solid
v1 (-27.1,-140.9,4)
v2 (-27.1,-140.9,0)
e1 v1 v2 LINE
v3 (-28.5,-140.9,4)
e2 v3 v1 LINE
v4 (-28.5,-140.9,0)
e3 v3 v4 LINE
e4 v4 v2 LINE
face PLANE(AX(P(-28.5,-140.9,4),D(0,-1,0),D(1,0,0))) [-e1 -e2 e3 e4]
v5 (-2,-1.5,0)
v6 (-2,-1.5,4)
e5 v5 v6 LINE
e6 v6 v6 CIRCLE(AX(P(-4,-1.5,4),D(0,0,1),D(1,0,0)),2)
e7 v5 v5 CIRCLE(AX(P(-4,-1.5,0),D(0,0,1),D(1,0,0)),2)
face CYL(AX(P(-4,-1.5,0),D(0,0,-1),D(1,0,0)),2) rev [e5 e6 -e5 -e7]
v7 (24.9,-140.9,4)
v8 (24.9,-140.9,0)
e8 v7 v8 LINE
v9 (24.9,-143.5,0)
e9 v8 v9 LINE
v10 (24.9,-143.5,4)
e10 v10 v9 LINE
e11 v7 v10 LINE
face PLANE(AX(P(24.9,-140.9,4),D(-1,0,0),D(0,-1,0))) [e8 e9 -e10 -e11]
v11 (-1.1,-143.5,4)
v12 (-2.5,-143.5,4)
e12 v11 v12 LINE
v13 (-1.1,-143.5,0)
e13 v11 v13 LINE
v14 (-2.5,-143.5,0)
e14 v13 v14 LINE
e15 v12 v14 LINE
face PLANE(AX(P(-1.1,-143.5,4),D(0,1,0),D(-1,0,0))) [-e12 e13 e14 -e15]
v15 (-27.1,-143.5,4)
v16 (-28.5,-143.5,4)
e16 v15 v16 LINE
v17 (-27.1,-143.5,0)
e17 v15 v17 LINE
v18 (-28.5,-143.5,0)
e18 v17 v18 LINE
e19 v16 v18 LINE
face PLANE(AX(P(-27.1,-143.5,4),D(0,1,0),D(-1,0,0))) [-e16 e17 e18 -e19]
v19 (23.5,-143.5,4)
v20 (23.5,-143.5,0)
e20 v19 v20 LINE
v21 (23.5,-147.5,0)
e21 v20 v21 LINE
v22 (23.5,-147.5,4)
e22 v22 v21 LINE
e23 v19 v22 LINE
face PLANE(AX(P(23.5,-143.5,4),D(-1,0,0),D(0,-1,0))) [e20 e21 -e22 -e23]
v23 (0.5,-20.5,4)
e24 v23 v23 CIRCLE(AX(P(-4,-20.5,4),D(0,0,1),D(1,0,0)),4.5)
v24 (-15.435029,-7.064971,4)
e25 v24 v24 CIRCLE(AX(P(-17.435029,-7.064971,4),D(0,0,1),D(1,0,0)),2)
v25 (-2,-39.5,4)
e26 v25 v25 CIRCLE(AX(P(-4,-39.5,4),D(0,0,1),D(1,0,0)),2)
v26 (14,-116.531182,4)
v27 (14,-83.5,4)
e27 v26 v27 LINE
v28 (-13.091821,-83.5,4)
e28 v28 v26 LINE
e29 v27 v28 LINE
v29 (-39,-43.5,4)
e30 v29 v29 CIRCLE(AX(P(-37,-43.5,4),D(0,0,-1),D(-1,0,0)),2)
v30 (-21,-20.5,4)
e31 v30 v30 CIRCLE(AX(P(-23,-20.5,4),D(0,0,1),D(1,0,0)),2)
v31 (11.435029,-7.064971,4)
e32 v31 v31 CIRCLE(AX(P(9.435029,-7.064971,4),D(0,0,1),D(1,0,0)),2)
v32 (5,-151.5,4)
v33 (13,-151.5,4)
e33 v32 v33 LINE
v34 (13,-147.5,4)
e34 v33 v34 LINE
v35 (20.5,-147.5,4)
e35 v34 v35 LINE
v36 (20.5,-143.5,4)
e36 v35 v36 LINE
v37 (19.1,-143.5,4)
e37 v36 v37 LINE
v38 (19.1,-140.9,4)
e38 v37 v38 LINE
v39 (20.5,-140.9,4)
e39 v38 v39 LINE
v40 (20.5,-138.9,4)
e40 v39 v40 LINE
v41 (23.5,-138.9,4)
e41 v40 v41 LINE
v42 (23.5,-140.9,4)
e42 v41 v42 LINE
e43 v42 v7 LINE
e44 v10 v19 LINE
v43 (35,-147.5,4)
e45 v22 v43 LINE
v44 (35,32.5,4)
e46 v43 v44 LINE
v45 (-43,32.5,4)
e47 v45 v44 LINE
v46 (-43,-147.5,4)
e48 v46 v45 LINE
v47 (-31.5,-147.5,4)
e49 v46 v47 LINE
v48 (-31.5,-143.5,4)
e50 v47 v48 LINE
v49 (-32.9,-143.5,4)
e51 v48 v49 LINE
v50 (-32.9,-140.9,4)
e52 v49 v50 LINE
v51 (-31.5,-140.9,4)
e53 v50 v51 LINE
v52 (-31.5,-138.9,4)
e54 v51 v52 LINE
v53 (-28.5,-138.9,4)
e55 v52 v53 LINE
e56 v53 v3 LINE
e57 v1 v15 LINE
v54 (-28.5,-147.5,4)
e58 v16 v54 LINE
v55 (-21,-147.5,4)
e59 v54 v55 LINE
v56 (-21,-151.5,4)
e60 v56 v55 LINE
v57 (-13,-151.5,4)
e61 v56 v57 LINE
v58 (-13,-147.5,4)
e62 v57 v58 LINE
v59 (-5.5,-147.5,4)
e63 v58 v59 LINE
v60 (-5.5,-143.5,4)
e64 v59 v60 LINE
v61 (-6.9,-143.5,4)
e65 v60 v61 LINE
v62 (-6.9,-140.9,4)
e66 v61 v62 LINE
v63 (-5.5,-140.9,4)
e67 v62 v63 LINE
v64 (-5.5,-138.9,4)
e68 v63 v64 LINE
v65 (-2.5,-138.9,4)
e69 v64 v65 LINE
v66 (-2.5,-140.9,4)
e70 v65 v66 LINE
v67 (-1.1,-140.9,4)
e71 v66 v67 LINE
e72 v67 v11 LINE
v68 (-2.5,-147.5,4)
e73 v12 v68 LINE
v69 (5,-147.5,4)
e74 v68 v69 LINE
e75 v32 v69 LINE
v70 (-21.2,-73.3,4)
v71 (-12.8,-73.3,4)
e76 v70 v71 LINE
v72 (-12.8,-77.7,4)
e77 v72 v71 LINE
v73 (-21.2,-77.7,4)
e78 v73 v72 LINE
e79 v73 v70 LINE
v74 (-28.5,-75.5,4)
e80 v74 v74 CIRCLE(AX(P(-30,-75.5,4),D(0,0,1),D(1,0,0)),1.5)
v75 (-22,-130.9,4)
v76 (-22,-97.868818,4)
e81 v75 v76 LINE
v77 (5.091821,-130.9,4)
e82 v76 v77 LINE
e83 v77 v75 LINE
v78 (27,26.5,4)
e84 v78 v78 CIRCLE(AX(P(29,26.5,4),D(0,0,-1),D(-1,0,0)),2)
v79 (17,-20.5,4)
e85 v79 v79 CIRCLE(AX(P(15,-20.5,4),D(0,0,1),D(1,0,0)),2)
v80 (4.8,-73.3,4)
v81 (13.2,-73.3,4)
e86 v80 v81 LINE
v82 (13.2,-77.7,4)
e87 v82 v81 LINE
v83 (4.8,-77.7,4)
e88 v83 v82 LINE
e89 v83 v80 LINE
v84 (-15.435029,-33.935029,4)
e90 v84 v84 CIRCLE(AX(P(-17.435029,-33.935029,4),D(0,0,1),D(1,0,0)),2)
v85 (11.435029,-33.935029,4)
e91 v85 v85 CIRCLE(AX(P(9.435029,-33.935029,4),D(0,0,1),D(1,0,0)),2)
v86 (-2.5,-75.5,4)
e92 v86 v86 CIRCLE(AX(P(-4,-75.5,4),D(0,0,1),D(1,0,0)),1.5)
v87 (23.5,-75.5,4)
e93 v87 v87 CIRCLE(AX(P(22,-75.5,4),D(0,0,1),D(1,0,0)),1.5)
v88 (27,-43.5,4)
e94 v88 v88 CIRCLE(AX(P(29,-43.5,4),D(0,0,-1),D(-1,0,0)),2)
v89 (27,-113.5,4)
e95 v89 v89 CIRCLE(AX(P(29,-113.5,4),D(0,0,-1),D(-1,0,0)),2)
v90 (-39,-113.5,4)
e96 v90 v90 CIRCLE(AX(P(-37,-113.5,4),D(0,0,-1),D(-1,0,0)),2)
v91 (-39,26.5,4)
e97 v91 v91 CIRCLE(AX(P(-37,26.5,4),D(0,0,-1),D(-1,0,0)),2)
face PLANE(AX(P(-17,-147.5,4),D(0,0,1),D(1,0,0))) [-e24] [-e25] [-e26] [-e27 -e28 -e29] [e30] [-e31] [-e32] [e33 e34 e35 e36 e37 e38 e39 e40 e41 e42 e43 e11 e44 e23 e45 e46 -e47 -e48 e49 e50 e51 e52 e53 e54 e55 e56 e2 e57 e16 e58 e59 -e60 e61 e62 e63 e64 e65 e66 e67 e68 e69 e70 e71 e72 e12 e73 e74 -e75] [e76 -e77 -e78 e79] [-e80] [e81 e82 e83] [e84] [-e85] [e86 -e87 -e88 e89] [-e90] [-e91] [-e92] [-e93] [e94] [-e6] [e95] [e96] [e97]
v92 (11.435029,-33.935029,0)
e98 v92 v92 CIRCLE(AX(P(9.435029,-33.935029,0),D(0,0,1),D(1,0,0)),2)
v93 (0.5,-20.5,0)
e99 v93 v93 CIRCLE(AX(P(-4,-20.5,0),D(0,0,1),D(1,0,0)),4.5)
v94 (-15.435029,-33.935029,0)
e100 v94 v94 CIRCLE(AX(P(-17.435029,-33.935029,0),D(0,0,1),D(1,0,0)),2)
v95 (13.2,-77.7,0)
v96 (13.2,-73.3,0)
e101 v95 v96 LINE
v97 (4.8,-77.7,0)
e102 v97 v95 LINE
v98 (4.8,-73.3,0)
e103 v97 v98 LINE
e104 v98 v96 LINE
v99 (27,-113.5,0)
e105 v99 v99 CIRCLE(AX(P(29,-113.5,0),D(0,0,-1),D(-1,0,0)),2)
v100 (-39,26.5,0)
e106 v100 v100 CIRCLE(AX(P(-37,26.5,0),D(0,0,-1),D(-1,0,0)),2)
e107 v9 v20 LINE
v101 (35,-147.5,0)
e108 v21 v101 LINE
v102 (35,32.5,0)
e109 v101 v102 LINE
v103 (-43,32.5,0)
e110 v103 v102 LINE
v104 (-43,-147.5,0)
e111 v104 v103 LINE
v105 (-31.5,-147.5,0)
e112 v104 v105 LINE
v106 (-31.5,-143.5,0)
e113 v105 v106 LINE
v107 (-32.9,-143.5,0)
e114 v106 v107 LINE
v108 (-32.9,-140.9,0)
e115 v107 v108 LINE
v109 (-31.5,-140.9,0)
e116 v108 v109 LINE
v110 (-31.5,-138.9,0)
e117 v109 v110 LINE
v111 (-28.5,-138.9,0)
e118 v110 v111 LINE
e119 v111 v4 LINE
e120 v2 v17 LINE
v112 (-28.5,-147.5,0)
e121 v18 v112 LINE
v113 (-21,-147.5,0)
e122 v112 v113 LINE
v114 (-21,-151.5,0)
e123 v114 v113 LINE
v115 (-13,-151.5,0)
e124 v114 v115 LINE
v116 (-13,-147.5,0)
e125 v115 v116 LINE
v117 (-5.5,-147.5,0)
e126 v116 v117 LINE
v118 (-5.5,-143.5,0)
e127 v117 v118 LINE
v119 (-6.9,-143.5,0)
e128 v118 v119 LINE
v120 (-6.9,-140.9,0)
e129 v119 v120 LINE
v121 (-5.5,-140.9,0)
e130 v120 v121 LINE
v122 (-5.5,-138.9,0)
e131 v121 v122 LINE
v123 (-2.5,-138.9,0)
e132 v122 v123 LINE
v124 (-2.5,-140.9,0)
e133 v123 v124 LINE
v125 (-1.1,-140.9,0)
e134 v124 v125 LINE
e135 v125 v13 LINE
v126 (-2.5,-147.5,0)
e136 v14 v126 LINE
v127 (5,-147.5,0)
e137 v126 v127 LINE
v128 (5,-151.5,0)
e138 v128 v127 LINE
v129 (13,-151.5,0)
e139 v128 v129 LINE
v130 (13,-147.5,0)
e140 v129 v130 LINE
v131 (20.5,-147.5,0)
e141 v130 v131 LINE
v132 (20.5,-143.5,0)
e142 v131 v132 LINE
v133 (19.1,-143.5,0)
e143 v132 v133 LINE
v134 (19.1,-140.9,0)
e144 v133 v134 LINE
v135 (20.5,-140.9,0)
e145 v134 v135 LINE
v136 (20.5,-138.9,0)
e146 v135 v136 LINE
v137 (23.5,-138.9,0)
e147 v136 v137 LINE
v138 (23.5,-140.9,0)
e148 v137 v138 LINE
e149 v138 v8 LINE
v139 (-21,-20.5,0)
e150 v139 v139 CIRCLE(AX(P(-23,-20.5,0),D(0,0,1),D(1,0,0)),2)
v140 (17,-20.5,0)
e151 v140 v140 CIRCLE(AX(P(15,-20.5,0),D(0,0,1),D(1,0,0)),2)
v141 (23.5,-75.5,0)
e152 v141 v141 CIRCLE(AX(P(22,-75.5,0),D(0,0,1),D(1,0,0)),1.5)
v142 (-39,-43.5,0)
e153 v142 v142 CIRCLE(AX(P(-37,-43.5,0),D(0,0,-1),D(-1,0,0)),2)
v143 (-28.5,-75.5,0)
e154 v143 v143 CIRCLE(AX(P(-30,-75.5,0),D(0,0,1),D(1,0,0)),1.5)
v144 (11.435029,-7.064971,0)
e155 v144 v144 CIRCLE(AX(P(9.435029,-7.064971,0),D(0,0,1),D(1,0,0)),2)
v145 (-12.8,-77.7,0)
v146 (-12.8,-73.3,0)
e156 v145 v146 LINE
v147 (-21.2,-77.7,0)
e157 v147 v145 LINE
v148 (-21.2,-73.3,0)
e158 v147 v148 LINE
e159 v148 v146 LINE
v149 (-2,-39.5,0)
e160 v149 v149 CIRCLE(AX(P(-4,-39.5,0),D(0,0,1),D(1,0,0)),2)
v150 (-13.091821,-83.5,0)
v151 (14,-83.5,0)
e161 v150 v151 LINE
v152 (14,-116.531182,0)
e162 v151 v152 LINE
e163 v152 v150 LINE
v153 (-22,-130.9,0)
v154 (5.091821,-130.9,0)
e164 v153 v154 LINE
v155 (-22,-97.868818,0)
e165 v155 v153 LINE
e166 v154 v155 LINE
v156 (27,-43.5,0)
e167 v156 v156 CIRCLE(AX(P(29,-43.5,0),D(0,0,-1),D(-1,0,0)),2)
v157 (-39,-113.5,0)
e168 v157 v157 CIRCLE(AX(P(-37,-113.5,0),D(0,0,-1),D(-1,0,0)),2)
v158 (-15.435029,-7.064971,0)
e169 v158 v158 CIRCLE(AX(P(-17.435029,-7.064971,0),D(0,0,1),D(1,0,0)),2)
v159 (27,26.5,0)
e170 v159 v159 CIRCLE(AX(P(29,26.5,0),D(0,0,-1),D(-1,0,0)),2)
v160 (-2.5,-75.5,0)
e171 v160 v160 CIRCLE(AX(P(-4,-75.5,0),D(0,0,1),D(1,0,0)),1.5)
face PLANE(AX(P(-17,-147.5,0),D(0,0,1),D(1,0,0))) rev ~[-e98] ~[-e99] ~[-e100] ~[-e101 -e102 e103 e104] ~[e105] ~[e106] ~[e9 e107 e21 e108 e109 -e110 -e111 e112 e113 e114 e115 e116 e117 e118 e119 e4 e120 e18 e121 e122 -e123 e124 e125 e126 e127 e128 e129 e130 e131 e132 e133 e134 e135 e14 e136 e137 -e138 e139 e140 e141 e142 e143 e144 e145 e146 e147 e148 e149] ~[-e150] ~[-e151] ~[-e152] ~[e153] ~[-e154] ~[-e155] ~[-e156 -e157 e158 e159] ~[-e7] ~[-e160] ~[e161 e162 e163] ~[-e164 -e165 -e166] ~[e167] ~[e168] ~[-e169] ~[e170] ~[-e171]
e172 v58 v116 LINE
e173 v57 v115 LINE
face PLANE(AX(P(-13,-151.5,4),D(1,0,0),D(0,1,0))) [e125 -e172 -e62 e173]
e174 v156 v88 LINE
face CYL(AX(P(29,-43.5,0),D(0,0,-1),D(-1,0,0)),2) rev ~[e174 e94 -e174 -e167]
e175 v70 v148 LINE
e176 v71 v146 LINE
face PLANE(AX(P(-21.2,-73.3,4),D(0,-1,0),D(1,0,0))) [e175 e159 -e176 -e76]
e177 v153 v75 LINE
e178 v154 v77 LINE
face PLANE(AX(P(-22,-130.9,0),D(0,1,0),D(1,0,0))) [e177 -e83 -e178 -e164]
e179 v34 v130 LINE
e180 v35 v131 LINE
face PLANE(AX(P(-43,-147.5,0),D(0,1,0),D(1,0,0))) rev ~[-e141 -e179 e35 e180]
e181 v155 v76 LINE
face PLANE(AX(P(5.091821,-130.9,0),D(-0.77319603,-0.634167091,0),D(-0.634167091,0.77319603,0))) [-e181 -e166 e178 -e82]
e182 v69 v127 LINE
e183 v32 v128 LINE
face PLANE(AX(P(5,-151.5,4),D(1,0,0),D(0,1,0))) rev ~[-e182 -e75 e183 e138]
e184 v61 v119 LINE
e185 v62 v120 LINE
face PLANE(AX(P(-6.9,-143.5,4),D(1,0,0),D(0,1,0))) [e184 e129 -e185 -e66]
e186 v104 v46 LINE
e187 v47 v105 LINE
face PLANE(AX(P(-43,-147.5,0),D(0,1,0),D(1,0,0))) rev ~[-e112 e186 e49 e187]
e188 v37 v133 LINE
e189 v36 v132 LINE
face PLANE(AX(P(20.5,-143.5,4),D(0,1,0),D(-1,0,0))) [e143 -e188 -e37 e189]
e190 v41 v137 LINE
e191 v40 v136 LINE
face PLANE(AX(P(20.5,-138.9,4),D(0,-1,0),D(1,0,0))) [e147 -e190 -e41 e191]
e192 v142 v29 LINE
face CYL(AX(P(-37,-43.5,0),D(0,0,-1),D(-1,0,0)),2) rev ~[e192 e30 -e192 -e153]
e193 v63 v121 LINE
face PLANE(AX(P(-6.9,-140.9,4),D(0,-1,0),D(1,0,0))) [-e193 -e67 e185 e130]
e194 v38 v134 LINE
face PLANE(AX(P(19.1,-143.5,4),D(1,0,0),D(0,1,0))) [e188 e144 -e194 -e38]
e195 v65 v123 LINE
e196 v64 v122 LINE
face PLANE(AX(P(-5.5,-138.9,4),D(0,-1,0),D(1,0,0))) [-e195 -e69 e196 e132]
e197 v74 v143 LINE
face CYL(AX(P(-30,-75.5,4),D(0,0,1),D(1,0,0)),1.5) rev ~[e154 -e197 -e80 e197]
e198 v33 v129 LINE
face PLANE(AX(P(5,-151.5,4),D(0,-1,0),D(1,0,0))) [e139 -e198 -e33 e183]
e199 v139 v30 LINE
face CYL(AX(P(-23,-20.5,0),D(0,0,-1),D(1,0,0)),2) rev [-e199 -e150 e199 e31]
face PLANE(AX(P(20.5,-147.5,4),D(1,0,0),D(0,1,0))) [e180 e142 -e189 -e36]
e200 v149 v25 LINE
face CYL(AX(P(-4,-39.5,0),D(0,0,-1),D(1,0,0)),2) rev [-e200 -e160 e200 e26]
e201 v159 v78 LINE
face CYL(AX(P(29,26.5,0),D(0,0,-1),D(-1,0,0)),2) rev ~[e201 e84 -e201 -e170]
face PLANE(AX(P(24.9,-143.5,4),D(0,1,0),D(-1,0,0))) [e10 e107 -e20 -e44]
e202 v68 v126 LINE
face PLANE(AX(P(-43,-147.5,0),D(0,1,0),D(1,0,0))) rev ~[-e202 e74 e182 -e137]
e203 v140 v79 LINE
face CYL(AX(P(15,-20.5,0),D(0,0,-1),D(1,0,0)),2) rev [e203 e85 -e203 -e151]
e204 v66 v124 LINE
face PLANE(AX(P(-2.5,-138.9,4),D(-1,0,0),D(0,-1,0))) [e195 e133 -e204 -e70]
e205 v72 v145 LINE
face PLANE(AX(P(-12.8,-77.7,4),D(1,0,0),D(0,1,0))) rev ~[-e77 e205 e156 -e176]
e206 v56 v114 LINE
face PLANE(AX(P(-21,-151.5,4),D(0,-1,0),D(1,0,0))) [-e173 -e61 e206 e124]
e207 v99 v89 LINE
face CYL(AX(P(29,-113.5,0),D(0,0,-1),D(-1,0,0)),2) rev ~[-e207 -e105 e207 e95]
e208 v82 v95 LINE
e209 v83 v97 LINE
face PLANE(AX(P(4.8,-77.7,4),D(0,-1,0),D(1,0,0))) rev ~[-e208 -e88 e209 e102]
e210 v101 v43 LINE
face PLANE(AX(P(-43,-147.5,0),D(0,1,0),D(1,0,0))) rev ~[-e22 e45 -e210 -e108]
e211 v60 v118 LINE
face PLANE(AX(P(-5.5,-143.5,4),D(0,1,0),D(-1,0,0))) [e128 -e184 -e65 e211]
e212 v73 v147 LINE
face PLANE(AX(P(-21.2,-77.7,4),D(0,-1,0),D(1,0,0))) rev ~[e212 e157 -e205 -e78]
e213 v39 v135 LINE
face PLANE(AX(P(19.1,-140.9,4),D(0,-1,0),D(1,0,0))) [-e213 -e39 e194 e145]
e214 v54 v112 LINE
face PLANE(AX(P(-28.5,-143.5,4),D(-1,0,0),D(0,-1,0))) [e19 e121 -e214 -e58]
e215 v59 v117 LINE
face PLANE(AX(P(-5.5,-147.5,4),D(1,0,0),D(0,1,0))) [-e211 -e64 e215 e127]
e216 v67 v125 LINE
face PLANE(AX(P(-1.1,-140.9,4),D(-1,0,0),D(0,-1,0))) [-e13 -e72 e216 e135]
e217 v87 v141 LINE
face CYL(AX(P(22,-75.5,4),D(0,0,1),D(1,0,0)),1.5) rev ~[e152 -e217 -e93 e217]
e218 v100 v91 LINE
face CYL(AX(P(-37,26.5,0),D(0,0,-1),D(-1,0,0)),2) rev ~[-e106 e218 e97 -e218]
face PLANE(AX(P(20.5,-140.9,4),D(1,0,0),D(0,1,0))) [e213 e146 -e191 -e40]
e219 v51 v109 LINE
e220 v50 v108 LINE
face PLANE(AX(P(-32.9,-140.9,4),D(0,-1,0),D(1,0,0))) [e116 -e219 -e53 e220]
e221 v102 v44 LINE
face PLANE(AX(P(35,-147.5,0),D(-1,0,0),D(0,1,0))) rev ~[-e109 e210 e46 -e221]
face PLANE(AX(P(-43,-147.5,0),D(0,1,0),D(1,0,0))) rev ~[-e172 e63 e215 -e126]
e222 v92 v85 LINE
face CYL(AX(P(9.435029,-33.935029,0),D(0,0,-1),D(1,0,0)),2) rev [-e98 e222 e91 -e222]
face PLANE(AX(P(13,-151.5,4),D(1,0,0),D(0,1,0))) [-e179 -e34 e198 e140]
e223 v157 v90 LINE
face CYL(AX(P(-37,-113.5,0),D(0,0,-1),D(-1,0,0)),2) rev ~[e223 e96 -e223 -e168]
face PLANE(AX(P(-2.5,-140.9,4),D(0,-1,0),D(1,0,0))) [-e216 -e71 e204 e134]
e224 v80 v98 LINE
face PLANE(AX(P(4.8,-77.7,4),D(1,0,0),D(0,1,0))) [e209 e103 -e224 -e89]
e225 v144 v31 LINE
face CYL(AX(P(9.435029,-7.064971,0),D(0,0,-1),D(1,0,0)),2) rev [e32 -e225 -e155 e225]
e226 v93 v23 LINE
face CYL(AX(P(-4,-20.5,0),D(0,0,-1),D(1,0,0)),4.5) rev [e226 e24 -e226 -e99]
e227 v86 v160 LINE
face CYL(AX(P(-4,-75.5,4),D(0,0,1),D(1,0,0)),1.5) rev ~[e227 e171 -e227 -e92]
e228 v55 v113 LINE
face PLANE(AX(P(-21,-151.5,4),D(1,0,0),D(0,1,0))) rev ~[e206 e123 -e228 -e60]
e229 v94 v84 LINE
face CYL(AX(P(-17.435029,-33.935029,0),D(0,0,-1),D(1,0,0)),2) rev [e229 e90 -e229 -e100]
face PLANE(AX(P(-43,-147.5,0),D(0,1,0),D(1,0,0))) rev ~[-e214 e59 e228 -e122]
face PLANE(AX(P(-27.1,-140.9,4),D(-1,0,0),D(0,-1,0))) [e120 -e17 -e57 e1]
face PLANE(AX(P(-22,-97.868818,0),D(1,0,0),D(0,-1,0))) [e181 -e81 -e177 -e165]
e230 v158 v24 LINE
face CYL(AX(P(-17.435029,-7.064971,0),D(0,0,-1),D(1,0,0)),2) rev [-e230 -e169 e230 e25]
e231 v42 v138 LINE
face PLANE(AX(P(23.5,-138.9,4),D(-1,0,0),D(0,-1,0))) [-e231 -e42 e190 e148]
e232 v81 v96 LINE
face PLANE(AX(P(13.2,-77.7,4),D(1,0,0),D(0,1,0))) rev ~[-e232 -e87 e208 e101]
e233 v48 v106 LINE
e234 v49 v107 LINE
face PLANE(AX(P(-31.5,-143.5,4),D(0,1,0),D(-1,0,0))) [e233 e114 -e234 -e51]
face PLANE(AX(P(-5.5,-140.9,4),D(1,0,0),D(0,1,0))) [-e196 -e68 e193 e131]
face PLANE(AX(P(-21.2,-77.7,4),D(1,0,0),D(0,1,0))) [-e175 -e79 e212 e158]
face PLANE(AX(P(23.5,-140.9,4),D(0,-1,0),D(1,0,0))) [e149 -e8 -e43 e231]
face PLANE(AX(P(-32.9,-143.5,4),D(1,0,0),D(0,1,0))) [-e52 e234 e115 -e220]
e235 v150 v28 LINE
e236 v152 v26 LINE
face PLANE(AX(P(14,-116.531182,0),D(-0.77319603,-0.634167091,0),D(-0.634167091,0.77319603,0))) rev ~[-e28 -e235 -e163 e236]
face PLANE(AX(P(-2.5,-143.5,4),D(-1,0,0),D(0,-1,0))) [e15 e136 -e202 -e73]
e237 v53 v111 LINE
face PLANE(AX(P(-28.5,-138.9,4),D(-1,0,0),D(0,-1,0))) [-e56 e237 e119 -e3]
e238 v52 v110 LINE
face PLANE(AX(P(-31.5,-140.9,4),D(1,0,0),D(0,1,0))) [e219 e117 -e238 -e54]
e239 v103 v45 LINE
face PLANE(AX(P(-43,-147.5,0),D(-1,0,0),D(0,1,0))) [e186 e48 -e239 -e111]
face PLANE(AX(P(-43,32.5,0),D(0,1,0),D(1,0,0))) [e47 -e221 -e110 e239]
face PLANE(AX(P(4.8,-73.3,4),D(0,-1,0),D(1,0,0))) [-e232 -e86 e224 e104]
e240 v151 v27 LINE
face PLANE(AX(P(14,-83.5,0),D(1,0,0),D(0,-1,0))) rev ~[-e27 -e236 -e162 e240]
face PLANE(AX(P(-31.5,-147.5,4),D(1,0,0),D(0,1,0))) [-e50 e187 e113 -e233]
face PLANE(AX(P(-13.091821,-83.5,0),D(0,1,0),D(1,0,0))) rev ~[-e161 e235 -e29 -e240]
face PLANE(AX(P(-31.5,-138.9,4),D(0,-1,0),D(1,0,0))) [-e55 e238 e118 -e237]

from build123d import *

# Parameters (mm, degrees)
SKETCH_1_W          = 78
SKETCH_1_H          = 180
SKETCH_1_R          = 4.5
SKETCH_1_R_2        = 2
EXTRUDE_1_DEPTH     = 4
SKETCH_2_R          = 1.5
SKETCH_2_W          = 8.4
SKETCH_2_H          = 4.4
CUT_EXTRUDE_1_DEPTH = 4
SKETCH_6_W          = 8
SKETCH_6_H          = 8
EXTRUDE_2_DEPTH     = 4
SKETCH_7_R          = 2
CUT_EXTRUDE_2_DEPTH = 10


with BuildPart() as part:
    # 草图1 → 凸台-拉伸1 (new body)
    with BuildSketch(Plane.XY):
        with Locations((-4, -57.5)):
            Rectangle(SKETCH_1_W, SKETCH_1_H)
        with Locations((-4, -20.5)):
            Circle(SKETCH_1_R, mode=Mode.SUBTRACT)
        with Locations((15, -20.5)):
            Circle(SKETCH_1_R_2, mode=Mode.SUBTRACT)
        with Locations((9.435028843, -33.935028843)):
            Circle(SKETCH_1_R_2, mode=Mode.SUBTRACT)
        with Locations((-4, -39.5)):
            Circle(SKETCH_1_R_2, mode=Mode.SUBTRACT)
        with Locations((-17.435028843, -33.935028843)):
            Circle(SKETCH_1_R_2, mode=Mode.SUBTRACT)
        with Locations((-23, -20.5)):
            Circle(SKETCH_1_R_2, mode=Mode.SUBTRACT)
        with Locations((-17.435028843, -7.064971157)):
            Circle(SKETCH_1_R_2, mode=Mode.SUBTRACT)
        with Locations((-4, -1.5)):
            Circle(SKETCH_1_R_2, mode=Mode.SUBTRACT)
        with Locations((9.435028843, -7.064971157)):
            Circle(SKETCH_1_R_2, mode=Mode.SUBTRACT)
    extrude(amount=EXTRUDE_1_DEPTH)

    # 草图2 → 切除-拉伸1 (cut)
    with BuildSketch(Plane.XY.offset(4)):
        with Locations((-4, -75.5)):
            Circle(SKETCH_2_R)
        with Locations((22, -75.5)):
            Circle(SKETCH_2_R)
        with Locations((-30, -75.5)):
            Circle(SKETCH_2_R)
        with Locations((-17, -75.5)):
            Rectangle(SKETCH_2_W, SKETCH_2_H)
        with Locations((9, -75.5)):
            Rectangle(SKETCH_2_W, SKETCH_2_H)
        Polygon((-31.5, -147.5), (-31.5, -143.5), (-32.9, -143.5), (-32.9, -140.9), (-31.5, -140.9), (-31.5, -138.9), (-28.5, -138.9), (-28.5, -140.9), (-27.1, -140.9), (-27.1, -143.5), (-28.5, -143.5), (-28.5, -147.5), align=None)
        Polygon((23.5, -147.5), (20.5, -147.5), (20.5, -143.5), (19.1, -143.5), (19.1, -140.9), (20.5, -140.9), (20.5, -138.9), (23.5, -138.9), (23.5, -140.9), (24.9, -140.9), (24.9, -143.5), (23.5, -143.5), align=None)
        Polygon((-5.5, -147.5), (-5.5, -143.5), (-6.9, -143.5), (-6.9, -140.9), (-5.5, -140.9), (-5.5, -138.9), (-2.5, -138.9), (-2.5, -140.9), (-1.1, -140.9), (-1.1, -143.5), (-2.5, -143.5), (-2.5, -147.5), align=None)
    extrude(amount=-CUT_EXTRUDE_1_DEPTH, mode=Mode.SUBTRACT)

    # 草图6 → 凸台-拉伸2 (add)
    with BuildSketch(Plane.XY.offset(4)):
        with Locations((-17, -147.5)):
            Rectangle(SKETCH_6_W, SKETCH_6_H)
        with Locations((9, -147.5)):
            Rectangle(SKETCH_6_W, SKETCH_6_H)
    extrude(amount=-EXTRUDE_2_DEPTH)

    # 草图7 → 切除-拉伸2 (cut)
    with BuildSketch(Plane(origin=(0, 0, 0), x_dir=(-1, 0, 0), z_dir=(0, 0, -1))):
        with Locations((-29, 26.5)):
            Circle(SKETCH_7_R)
        with Locations((-29, -43.5)):
            Circle(SKETCH_7_R)
        with Locations((-29, -113.5)):
            Circle(SKETCH_7_R)
        with Locations((37, -43.5)):
            Circle(SKETCH_7_R)
        with Locations((37, -113.5)):
            Circle(SKETCH_7_R)
        with Locations((37, 26.5)):
            Circle(SKETCH_7_R)
        Polygon((-14, -83.5), (-14, -116.531181995), (13.091821195, -83.5), align=None)
        Polygon((-5.091821195, -130.9), (22, -97.868818005), (22, -130.9), align=None)
    extrude(amount=-CUT_EXTRUDE_2_DEPTH, mode=Mode.SUBTRACT)


solid = part.part
